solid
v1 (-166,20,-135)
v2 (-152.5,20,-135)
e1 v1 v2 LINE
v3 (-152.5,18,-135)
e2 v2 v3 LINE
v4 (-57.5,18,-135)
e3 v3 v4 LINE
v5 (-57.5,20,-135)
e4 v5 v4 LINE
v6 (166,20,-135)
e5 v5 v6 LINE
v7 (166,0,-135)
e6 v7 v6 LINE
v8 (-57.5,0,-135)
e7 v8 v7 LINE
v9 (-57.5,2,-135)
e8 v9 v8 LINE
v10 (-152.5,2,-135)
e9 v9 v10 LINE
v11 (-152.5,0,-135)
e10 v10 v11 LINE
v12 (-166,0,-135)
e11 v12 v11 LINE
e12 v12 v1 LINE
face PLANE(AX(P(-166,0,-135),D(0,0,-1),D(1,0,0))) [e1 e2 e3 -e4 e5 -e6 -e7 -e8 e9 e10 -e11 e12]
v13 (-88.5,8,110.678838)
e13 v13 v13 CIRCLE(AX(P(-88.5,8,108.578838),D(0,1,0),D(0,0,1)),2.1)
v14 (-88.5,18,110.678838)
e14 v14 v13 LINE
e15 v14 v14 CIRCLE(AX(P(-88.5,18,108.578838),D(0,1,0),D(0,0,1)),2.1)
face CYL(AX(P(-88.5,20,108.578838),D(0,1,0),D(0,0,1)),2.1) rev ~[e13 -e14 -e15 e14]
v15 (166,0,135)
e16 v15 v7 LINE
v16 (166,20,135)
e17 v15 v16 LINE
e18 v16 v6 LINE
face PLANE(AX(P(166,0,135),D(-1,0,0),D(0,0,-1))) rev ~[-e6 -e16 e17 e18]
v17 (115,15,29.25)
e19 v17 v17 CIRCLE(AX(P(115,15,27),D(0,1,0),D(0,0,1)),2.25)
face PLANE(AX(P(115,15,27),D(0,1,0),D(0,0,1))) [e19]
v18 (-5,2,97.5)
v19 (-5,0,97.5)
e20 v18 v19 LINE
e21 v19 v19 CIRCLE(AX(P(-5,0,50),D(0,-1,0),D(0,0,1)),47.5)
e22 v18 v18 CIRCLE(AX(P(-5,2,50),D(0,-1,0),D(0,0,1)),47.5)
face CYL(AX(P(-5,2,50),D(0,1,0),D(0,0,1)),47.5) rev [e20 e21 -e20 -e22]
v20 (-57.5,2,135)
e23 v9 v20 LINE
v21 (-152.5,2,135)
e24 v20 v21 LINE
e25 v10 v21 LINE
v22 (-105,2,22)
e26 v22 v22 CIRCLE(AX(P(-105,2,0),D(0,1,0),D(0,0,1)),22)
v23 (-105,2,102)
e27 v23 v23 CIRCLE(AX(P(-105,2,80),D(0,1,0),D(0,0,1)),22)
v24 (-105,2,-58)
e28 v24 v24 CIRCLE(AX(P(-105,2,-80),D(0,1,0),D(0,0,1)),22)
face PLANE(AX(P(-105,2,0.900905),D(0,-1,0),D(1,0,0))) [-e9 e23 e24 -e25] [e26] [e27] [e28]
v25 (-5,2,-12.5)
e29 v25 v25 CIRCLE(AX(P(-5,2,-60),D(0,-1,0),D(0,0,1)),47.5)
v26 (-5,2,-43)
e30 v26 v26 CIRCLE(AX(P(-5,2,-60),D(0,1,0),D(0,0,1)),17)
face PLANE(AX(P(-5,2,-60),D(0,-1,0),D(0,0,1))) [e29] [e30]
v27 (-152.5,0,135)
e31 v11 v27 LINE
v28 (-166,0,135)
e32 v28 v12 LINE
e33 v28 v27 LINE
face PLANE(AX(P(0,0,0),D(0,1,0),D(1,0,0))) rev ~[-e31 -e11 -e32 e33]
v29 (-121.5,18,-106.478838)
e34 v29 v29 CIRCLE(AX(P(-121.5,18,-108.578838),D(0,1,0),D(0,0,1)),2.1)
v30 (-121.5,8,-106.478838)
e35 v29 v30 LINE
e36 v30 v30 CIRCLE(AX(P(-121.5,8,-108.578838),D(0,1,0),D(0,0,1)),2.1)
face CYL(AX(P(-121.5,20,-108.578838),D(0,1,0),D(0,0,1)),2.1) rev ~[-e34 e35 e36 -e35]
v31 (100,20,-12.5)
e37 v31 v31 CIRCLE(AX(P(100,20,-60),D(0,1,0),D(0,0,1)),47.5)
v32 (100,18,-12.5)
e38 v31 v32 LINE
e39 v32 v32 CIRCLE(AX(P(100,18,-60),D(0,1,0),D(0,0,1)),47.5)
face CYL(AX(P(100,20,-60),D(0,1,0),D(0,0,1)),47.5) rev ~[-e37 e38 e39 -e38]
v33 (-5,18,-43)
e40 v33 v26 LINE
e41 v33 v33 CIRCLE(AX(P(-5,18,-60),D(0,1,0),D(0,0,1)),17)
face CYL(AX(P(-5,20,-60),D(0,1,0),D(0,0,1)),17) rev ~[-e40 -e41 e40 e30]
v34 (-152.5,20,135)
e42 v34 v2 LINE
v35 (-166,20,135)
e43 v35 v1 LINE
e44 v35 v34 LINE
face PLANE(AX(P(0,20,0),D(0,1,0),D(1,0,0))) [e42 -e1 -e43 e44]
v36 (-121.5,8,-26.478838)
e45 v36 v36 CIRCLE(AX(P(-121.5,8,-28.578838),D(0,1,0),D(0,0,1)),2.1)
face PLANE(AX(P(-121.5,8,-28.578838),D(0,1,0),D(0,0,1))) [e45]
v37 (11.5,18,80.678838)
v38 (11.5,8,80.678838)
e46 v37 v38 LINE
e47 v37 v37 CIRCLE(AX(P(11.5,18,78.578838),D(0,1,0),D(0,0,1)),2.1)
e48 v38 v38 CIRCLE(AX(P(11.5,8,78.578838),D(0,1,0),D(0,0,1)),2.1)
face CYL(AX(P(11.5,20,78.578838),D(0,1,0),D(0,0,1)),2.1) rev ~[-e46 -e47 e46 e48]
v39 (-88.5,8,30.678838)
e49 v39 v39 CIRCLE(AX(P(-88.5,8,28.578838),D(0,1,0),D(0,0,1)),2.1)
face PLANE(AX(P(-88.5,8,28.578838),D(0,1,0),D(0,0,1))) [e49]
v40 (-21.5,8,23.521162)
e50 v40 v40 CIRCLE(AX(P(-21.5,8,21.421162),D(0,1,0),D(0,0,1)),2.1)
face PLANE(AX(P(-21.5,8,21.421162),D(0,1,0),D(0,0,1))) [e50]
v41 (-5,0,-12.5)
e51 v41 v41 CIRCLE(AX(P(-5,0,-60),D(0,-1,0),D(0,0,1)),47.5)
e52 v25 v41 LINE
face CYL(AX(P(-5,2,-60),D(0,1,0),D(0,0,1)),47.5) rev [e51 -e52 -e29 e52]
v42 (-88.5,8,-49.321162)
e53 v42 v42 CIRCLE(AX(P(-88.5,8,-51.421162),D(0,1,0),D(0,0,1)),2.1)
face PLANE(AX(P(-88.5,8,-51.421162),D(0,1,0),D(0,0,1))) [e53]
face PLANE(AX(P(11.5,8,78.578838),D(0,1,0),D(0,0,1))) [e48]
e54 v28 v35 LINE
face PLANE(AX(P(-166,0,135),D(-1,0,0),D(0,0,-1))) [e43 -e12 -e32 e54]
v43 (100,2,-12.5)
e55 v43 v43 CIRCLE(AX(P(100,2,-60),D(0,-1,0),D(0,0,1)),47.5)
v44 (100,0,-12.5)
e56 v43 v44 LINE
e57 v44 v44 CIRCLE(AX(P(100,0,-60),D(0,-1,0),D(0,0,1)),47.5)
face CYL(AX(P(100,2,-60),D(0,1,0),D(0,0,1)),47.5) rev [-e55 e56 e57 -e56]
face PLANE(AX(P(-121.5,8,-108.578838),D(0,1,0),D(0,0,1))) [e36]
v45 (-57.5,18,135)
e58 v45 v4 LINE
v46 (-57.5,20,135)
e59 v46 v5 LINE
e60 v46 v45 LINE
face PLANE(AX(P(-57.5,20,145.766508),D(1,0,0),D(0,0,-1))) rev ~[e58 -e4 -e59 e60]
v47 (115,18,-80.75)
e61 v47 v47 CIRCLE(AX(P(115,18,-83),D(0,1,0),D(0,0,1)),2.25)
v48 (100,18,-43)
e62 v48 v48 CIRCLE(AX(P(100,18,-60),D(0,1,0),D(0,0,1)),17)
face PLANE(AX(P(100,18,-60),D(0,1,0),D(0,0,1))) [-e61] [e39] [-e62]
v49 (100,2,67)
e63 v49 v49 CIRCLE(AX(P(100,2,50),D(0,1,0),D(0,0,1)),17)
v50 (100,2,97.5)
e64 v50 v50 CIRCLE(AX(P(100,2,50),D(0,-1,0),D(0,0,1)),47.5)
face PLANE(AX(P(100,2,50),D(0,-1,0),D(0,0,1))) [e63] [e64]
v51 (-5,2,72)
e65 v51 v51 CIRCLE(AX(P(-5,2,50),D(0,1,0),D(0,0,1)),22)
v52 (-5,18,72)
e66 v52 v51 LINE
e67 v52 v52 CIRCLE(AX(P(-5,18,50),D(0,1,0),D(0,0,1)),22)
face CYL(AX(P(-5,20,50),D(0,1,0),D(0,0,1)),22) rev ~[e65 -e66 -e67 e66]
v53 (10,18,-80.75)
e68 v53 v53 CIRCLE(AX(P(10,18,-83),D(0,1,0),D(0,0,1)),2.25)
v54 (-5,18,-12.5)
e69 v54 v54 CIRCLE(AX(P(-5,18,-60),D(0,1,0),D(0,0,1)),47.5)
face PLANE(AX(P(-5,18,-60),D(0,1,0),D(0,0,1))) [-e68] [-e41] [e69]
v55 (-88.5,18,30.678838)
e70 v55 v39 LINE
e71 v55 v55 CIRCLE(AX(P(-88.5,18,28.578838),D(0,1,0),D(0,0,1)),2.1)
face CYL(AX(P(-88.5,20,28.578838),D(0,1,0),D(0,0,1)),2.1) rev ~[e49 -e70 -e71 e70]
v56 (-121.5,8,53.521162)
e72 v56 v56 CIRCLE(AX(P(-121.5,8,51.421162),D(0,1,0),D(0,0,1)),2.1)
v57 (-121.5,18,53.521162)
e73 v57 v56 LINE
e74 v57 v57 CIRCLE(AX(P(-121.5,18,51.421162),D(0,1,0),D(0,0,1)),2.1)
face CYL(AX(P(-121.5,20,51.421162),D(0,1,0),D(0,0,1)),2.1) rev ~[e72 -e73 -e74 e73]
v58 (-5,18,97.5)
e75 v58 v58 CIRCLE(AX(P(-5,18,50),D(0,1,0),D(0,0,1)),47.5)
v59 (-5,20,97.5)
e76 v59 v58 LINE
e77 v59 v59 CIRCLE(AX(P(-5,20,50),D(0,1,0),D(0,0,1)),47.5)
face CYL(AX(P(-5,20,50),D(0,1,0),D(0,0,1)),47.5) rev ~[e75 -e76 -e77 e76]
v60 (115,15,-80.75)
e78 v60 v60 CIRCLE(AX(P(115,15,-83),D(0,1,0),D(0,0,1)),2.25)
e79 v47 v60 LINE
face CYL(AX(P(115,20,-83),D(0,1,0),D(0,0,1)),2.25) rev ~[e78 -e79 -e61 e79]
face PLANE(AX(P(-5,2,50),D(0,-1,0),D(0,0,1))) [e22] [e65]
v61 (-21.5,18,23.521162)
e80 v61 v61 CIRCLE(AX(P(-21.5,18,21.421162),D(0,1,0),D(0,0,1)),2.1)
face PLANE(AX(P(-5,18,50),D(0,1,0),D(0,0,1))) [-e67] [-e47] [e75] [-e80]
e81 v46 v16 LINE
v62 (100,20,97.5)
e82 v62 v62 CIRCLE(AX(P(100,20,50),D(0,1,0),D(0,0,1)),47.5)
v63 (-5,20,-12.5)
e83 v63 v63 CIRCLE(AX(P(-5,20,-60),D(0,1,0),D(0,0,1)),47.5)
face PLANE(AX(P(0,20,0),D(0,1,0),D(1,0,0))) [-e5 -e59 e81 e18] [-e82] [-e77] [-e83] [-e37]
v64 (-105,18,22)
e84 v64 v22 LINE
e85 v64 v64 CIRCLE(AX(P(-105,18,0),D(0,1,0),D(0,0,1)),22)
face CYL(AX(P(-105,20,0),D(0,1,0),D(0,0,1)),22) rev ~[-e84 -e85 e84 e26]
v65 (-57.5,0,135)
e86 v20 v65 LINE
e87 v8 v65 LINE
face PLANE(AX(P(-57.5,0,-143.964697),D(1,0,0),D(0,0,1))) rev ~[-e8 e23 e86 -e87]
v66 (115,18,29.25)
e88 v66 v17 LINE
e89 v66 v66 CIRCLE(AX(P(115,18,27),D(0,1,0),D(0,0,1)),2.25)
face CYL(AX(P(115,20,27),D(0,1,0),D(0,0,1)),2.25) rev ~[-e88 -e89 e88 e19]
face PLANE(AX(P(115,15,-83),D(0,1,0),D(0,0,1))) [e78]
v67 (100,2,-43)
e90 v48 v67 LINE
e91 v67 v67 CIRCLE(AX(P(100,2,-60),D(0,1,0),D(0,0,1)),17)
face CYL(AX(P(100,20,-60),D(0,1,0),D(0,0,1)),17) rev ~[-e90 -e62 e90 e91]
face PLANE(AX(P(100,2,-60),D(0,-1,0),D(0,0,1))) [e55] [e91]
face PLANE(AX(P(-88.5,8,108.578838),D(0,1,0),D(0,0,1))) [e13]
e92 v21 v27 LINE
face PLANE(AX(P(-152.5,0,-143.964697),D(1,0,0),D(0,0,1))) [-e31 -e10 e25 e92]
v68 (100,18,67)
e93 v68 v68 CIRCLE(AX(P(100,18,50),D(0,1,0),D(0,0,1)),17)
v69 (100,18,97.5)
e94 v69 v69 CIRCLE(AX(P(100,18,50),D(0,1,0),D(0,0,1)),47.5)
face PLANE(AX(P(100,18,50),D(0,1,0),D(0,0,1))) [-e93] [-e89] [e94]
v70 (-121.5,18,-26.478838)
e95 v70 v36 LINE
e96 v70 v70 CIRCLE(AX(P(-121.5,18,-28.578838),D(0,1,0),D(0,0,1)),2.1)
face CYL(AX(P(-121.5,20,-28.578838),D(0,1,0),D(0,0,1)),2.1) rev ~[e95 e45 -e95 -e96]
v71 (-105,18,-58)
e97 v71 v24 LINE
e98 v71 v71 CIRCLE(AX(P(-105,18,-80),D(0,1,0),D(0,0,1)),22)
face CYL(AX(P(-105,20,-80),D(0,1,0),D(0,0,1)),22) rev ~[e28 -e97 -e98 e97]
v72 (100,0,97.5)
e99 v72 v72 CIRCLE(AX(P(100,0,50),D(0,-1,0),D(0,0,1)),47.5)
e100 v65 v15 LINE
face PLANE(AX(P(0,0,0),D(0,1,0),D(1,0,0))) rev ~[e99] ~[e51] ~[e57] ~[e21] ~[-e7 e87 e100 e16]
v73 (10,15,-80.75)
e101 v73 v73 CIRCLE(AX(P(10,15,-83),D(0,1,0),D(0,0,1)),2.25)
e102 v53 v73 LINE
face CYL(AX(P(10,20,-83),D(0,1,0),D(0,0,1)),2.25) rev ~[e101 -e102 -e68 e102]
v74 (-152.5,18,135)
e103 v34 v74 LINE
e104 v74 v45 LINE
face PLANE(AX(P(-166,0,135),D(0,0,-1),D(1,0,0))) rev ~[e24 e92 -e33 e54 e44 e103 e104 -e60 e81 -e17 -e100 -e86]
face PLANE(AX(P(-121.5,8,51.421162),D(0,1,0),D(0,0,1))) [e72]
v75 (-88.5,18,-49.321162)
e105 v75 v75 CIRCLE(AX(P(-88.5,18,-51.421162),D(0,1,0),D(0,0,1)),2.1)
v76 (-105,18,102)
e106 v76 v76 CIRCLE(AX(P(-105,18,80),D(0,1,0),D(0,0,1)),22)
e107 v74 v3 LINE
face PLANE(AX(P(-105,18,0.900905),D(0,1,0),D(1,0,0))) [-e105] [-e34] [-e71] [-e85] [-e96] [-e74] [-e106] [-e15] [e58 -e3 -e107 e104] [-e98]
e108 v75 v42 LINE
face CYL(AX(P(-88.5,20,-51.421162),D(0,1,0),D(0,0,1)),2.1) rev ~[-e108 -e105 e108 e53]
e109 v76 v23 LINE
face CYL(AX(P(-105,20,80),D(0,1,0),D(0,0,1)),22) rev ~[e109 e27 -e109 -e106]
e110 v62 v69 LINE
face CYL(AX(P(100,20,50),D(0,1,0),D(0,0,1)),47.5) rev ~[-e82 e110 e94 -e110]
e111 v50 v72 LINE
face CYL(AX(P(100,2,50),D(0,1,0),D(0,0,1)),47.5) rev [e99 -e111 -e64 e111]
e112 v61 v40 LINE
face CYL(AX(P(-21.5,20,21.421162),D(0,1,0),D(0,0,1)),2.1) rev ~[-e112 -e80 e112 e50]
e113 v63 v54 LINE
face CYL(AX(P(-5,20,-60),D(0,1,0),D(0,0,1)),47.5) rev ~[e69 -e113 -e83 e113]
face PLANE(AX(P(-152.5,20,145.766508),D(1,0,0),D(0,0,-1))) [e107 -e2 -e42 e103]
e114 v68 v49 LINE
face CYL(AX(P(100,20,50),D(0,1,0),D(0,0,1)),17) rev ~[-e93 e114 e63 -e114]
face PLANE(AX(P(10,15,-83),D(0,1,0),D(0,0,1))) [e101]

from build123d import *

# Parameters (mm, degrees)
SKETCH_1_W          = 332
SKETCH_1_H          = 270
EXTRUDE_1_DEPTH     = 20
SKETCH_2_W          = 95
SKETCH_2_H          = 289.731204414
CUT_EXTRUDE_1_DEPTH = 2
SKETCH_3_W          = 95
SKETCH_3_H          = 289.731204414
CUT_EXTRUDE_2_DEPTH = 2
CUT_EXTRUDE_3_REACH = 216.898
SKETCH_4_R          = 17
SKETCH_4_R_2        = 22
SKETCH_5_R          = 47.5
CUT_EXTRUDE_4_DEPTH = 2
CUT_EXTRUDE_START   = -2
SKETCH_6_R          = 47.5
CUT_EXTRUDE_5_DEPTH = 2
SKETCH_8_R          = 2.1
CUT_EXTRUDE_6_DEPTH = 12
SKETCH_9_R          = 2.25
CUT_EXTRUDE_7_DEPTH = 5


with BuildPart() as part:
    # 草图1 → 凸台-拉伸1 (new body)
    with BuildSketch(Plane(origin=(0, 0, 0), x_dir=(1, 0, 0), z_dir=(0, 1, 0))):
        Rectangle(SKETCH_1_W, SKETCH_1_H)
    extrude(amount=EXTRUDE_1_DEPTH)

    # 草图2 → 切除-拉伸1 (cut)
    with BuildSketch(Plane(origin=(0, 20, 0), x_dir=(1, 0, 0), z_dir=(0, 1, 0))):
        with Locations((-105, -0.900905486)):
            Rectangle(SKETCH_2_W, SKETCH_2_H)
    extrude(amount=-CUT_EXTRUDE_1_DEPTH, mode=Mode.SUBTRACT)

    # 草图3 → 切除-拉伸2 (cut)
    with BuildSketch(Plane.XZ):
        with Locations((-105, 0.900905486)):
            Rectangle(SKETCH_3_W, SKETCH_3_H)
    extrude(amount=-CUT_EXTRUDE_2_DEPTH, mode=Mode.SUBTRACT)

    # 草图4 → 切除-拉伸3 (cut, up to next)
    with BuildSketch(Plane(origin=(0, 20, 0), x_dir=(1, 0, 0), z_dir=(0, 1, 0)), mode=Mode.PRIVATE) as cut_extrude_3_sk1:
        with Locations(Location((-5, 60, 0), (0, 0, 270))):
            Circle(SKETCH_4_R)
    cut_extrude_3_tool1 = extrude(cut_extrude_3_sk1.sketch, amount=-CUT_EXTRUDE_3_REACH, mode=Mode.PRIVATE) & part.part
    # 草图4 → 切除-拉伸3 (cut, up to next)
    with BuildSketch(Plane(origin=(0, 20, 0), x_dir=(1, 0, 0), z_dir=(0, 1, 0)), mode=Mode.PRIVATE) as cut_extrude_3_sk2:
        with Locations(Location((-5, -50, 0), (0, 0, 270))):
            Circle(SKETCH_4_R_2)
    cut_extrude_3_tool2 = extrude(cut_extrude_3_sk2.sketch, amount=-CUT_EXTRUDE_3_REACH, mode=Mode.PRIVATE) & part.part
    # 草图4 → 切除-拉伸3 (cut, up to next)
    with BuildSketch(Plane(origin=(0, 20, 0), x_dir=(1, 0, 0), z_dir=(0, 1, 0)), mode=Mode.PRIVATE) as cut_extrude_3_sk3:
        with Locations(Location((100, -50, 0), (0, 0, 270))):
            Circle(SKETCH_4_R)
    cut_extrude_3_tool3 = extrude(cut_extrude_3_sk3.sketch, amount=-CUT_EXTRUDE_3_REACH, mode=Mode.PRIVATE) & part.part
    # 草图4 → 切除-拉伸3 (cut, up to next)
    with BuildSketch(Plane(origin=(0, 20, 0), x_dir=(1, 0, 0), z_dir=(0, 1, 0)), mode=Mode.PRIVATE) as cut_extrude_3_sk4:
        with Locations(Location((100, 60, 0), (0, 0, 270))):
            Circle(SKETCH_4_R)
    cut_extrude_3_tool4 = extrude(cut_extrude_3_sk4.sketch, amount=-CUT_EXTRUDE_3_REACH, mode=Mode.PRIVATE) & part.part
    # 草图4 → 切除-拉伸3 (cut, up to next)
    with BuildSketch(Plane(origin=(0, 20, 0), x_dir=(1, 0, 0), z_dir=(0, 1, 0)), mode=Mode.PRIVATE) as cut_extrude_3_sk5:
        with Locations(Location((-105, 80, 0), (0, 0, 270))):
            Circle(SKETCH_4_R_2)
    cut_extrude_3_tool5 = extrude(cut_extrude_3_sk5.sketch, amount=-CUT_EXTRUDE_3_REACH, mode=Mode.PRIVATE) & part.part
    # 草图4 → 切除-拉伸3 (cut, up to next)
    with BuildSketch(Plane(origin=(0, 20, 0), x_dir=(1, 0, 0), z_dir=(0, 1, 0)), mode=Mode.PRIVATE) as cut_extrude_3_sk6:
        with Locations(Location((-105, 0, 0), (0, 0, 270))):
            Circle(SKETCH_4_R_2)
    cut_extrude_3_tool6 = extrude(cut_extrude_3_sk6.sketch, amount=-CUT_EXTRUDE_3_REACH, mode=Mode.PRIVATE) & part.part
    # 草图4 → 切除-拉伸3 (cut, up to next)
    with BuildSketch(Plane(origin=(0, 20, 0), x_dir=(1, 0, 0), z_dir=(0, 1, 0)), mode=Mode.PRIVATE) as cut_extrude_3_sk7:
        with Locations(Location((-105, -80, 0), (0, 0, 270))):
            Circle(SKETCH_4_R_2)
    cut_extrude_3_tool7 = extrude(cut_extrude_3_sk7.sketch, amount=-CUT_EXTRUDE_3_REACH, mode=Mode.PRIVATE) & part.part
    add(cut_extrude_3_tool1.solids().sort_by_distance((-5, 20, -60))[0], mode=Mode.SUBTRACT)
    add(cut_extrude_3_tool2.solids().sort_by_distance((-5, 20, 50))[0], mode=Mode.SUBTRACT)
    add(cut_extrude_3_tool3.solids().sort_by_distance((100, 20, 50))[0], mode=Mode.SUBTRACT)
    add(cut_extrude_3_tool4.solids().sort_by_distance((100, 20, -60))[0], mode=Mode.SUBTRACT)
    add(cut_extrude_3_tool5.solids().sort_by_distance((-105, 20, -80))[0], mode=Mode.SUBTRACT)
    add(cut_extrude_3_tool6.solids().sort_by_distance((-105, 20, 0))[0], mode=Mode.SUBTRACT)
    add(cut_extrude_3_tool7.solids().sort_by_distance((-105, 20, 80))[0], mode=Mode.SUBTRACT)

    # 草图5 → 切除-拉伸4 (cut)
    with BuildSketch(Plane(origin=(0, 20, 0), x_dir=(1, 0, 0), z_dir=(0, 1, 0))):
        with Locations(Location((-5, 60, 0), (0, 0, 270))):
            Circle(SKETCH_5_R)
        with Locations(Location((100, 60, 0), (0, 0, 270))):
            Circle(SKETCH_5_R)
        with Locations(Location((100, -50, 0), (0, 0, 270))):
            Circle(SKETCH_5_R)
        with Locations(Location((-5, -50, 0), (0, 0, 270))):
            Circle(SKETCH_5_R)
    extrude(amount=-CUT_EXTRUDE_4_DEPTH, mode=Mode.SUBTRACT)

    # 草图6 → 切除-拉伸5 (cut)
    with BuildSketch(Plane.XZ.offset(CUT_EXTRUDE_START)):
        with Locations(Location((-5, -60, 0), (0, 0, 90))):
            Circle(SKETCH_6_R)
        with Locations(Location((100, -60, 0), (0, 0, 90))):
            Circle(SKETCH_6_R)
        with Locations(Location((100, 50, 0), (0, 0, 90))):
            Circle(SKETCH_6_R)
        with Locations(Location((-5, 50, 0), (0, 0, 90))):
            Circle(SKETCH_6_R)
    extrude(amount=CUT_EXTRUDE_5_DEPTH, mode=Mode.SUBTRACT)

    # 草图8 → 切除-拉伸6 (cut)
    with BuildSketch(Plane(origin=(0, 20, 0), x_dir=(1, 0, 0), z_dir=(0, 1, 0))):
        with Locations(Location((11.5, -78.578838325, 0), (0, 0, 270))):
            Circle(SKETCH_8_R)
        with Locations(Location((-21.5, -21.421161675, 0), (0, 0, 270))):
            Circle(SKETCH_8_R)
        with Locations(Location((-88.5, -108.578838325, 0), (0, 0, 270))):
            Circle(SKETCH_8_R)
        with Locations(Location((-88.5, -28.578838325, 0), (0, 0, 270))):
            Circle(SKETCH_8_R)
        with Locations(Location((-88.5, 51.421161675, 0), (0, 0, 270))):
            Circle(SKETCH_8_R)
        with Locations(Location((-121.5, 108.578838325, 0), (0, 0, 270))):
            Circle(SKETCH_8_R)
        with Locations(Location((-121.5, 28.578838325, 0), (0, 0, 270))):
            Circle(SKETCH_8_R)
        with Locations(Location((-121.5, -51.421161675, 0), (0, 0, 270))):
            Circle(SKETCH_8_R)
    extrude(amount=-CUT_EXTRUDE_6_DEPTH, mode=Mode.SUBTRACT)

    # 草图9 → 切除-拉伸7 (cut)
    with BuildSketch(Plane(origin=(0, 20, 0), x_dir=(1, 0, 0), z_dir=(0, 1, 0))):
        with Locations(Location((10, 83, 0), (0, 0, 270))):
            Circle(SKETCH_9_R)
        with Locations(Location((115, 83, 0), (0, 0, 270))):
            Circle(SKETCH_9_R)
        with Locations(Location((115, -27, 0), (0, 0, 270))):
            Circle(SKETCH_9_R)
    extrude(amount=-CUT_EXTRUDE_7_DEPTH, mode=Mode.SUBTRACT)


solid = part.part
